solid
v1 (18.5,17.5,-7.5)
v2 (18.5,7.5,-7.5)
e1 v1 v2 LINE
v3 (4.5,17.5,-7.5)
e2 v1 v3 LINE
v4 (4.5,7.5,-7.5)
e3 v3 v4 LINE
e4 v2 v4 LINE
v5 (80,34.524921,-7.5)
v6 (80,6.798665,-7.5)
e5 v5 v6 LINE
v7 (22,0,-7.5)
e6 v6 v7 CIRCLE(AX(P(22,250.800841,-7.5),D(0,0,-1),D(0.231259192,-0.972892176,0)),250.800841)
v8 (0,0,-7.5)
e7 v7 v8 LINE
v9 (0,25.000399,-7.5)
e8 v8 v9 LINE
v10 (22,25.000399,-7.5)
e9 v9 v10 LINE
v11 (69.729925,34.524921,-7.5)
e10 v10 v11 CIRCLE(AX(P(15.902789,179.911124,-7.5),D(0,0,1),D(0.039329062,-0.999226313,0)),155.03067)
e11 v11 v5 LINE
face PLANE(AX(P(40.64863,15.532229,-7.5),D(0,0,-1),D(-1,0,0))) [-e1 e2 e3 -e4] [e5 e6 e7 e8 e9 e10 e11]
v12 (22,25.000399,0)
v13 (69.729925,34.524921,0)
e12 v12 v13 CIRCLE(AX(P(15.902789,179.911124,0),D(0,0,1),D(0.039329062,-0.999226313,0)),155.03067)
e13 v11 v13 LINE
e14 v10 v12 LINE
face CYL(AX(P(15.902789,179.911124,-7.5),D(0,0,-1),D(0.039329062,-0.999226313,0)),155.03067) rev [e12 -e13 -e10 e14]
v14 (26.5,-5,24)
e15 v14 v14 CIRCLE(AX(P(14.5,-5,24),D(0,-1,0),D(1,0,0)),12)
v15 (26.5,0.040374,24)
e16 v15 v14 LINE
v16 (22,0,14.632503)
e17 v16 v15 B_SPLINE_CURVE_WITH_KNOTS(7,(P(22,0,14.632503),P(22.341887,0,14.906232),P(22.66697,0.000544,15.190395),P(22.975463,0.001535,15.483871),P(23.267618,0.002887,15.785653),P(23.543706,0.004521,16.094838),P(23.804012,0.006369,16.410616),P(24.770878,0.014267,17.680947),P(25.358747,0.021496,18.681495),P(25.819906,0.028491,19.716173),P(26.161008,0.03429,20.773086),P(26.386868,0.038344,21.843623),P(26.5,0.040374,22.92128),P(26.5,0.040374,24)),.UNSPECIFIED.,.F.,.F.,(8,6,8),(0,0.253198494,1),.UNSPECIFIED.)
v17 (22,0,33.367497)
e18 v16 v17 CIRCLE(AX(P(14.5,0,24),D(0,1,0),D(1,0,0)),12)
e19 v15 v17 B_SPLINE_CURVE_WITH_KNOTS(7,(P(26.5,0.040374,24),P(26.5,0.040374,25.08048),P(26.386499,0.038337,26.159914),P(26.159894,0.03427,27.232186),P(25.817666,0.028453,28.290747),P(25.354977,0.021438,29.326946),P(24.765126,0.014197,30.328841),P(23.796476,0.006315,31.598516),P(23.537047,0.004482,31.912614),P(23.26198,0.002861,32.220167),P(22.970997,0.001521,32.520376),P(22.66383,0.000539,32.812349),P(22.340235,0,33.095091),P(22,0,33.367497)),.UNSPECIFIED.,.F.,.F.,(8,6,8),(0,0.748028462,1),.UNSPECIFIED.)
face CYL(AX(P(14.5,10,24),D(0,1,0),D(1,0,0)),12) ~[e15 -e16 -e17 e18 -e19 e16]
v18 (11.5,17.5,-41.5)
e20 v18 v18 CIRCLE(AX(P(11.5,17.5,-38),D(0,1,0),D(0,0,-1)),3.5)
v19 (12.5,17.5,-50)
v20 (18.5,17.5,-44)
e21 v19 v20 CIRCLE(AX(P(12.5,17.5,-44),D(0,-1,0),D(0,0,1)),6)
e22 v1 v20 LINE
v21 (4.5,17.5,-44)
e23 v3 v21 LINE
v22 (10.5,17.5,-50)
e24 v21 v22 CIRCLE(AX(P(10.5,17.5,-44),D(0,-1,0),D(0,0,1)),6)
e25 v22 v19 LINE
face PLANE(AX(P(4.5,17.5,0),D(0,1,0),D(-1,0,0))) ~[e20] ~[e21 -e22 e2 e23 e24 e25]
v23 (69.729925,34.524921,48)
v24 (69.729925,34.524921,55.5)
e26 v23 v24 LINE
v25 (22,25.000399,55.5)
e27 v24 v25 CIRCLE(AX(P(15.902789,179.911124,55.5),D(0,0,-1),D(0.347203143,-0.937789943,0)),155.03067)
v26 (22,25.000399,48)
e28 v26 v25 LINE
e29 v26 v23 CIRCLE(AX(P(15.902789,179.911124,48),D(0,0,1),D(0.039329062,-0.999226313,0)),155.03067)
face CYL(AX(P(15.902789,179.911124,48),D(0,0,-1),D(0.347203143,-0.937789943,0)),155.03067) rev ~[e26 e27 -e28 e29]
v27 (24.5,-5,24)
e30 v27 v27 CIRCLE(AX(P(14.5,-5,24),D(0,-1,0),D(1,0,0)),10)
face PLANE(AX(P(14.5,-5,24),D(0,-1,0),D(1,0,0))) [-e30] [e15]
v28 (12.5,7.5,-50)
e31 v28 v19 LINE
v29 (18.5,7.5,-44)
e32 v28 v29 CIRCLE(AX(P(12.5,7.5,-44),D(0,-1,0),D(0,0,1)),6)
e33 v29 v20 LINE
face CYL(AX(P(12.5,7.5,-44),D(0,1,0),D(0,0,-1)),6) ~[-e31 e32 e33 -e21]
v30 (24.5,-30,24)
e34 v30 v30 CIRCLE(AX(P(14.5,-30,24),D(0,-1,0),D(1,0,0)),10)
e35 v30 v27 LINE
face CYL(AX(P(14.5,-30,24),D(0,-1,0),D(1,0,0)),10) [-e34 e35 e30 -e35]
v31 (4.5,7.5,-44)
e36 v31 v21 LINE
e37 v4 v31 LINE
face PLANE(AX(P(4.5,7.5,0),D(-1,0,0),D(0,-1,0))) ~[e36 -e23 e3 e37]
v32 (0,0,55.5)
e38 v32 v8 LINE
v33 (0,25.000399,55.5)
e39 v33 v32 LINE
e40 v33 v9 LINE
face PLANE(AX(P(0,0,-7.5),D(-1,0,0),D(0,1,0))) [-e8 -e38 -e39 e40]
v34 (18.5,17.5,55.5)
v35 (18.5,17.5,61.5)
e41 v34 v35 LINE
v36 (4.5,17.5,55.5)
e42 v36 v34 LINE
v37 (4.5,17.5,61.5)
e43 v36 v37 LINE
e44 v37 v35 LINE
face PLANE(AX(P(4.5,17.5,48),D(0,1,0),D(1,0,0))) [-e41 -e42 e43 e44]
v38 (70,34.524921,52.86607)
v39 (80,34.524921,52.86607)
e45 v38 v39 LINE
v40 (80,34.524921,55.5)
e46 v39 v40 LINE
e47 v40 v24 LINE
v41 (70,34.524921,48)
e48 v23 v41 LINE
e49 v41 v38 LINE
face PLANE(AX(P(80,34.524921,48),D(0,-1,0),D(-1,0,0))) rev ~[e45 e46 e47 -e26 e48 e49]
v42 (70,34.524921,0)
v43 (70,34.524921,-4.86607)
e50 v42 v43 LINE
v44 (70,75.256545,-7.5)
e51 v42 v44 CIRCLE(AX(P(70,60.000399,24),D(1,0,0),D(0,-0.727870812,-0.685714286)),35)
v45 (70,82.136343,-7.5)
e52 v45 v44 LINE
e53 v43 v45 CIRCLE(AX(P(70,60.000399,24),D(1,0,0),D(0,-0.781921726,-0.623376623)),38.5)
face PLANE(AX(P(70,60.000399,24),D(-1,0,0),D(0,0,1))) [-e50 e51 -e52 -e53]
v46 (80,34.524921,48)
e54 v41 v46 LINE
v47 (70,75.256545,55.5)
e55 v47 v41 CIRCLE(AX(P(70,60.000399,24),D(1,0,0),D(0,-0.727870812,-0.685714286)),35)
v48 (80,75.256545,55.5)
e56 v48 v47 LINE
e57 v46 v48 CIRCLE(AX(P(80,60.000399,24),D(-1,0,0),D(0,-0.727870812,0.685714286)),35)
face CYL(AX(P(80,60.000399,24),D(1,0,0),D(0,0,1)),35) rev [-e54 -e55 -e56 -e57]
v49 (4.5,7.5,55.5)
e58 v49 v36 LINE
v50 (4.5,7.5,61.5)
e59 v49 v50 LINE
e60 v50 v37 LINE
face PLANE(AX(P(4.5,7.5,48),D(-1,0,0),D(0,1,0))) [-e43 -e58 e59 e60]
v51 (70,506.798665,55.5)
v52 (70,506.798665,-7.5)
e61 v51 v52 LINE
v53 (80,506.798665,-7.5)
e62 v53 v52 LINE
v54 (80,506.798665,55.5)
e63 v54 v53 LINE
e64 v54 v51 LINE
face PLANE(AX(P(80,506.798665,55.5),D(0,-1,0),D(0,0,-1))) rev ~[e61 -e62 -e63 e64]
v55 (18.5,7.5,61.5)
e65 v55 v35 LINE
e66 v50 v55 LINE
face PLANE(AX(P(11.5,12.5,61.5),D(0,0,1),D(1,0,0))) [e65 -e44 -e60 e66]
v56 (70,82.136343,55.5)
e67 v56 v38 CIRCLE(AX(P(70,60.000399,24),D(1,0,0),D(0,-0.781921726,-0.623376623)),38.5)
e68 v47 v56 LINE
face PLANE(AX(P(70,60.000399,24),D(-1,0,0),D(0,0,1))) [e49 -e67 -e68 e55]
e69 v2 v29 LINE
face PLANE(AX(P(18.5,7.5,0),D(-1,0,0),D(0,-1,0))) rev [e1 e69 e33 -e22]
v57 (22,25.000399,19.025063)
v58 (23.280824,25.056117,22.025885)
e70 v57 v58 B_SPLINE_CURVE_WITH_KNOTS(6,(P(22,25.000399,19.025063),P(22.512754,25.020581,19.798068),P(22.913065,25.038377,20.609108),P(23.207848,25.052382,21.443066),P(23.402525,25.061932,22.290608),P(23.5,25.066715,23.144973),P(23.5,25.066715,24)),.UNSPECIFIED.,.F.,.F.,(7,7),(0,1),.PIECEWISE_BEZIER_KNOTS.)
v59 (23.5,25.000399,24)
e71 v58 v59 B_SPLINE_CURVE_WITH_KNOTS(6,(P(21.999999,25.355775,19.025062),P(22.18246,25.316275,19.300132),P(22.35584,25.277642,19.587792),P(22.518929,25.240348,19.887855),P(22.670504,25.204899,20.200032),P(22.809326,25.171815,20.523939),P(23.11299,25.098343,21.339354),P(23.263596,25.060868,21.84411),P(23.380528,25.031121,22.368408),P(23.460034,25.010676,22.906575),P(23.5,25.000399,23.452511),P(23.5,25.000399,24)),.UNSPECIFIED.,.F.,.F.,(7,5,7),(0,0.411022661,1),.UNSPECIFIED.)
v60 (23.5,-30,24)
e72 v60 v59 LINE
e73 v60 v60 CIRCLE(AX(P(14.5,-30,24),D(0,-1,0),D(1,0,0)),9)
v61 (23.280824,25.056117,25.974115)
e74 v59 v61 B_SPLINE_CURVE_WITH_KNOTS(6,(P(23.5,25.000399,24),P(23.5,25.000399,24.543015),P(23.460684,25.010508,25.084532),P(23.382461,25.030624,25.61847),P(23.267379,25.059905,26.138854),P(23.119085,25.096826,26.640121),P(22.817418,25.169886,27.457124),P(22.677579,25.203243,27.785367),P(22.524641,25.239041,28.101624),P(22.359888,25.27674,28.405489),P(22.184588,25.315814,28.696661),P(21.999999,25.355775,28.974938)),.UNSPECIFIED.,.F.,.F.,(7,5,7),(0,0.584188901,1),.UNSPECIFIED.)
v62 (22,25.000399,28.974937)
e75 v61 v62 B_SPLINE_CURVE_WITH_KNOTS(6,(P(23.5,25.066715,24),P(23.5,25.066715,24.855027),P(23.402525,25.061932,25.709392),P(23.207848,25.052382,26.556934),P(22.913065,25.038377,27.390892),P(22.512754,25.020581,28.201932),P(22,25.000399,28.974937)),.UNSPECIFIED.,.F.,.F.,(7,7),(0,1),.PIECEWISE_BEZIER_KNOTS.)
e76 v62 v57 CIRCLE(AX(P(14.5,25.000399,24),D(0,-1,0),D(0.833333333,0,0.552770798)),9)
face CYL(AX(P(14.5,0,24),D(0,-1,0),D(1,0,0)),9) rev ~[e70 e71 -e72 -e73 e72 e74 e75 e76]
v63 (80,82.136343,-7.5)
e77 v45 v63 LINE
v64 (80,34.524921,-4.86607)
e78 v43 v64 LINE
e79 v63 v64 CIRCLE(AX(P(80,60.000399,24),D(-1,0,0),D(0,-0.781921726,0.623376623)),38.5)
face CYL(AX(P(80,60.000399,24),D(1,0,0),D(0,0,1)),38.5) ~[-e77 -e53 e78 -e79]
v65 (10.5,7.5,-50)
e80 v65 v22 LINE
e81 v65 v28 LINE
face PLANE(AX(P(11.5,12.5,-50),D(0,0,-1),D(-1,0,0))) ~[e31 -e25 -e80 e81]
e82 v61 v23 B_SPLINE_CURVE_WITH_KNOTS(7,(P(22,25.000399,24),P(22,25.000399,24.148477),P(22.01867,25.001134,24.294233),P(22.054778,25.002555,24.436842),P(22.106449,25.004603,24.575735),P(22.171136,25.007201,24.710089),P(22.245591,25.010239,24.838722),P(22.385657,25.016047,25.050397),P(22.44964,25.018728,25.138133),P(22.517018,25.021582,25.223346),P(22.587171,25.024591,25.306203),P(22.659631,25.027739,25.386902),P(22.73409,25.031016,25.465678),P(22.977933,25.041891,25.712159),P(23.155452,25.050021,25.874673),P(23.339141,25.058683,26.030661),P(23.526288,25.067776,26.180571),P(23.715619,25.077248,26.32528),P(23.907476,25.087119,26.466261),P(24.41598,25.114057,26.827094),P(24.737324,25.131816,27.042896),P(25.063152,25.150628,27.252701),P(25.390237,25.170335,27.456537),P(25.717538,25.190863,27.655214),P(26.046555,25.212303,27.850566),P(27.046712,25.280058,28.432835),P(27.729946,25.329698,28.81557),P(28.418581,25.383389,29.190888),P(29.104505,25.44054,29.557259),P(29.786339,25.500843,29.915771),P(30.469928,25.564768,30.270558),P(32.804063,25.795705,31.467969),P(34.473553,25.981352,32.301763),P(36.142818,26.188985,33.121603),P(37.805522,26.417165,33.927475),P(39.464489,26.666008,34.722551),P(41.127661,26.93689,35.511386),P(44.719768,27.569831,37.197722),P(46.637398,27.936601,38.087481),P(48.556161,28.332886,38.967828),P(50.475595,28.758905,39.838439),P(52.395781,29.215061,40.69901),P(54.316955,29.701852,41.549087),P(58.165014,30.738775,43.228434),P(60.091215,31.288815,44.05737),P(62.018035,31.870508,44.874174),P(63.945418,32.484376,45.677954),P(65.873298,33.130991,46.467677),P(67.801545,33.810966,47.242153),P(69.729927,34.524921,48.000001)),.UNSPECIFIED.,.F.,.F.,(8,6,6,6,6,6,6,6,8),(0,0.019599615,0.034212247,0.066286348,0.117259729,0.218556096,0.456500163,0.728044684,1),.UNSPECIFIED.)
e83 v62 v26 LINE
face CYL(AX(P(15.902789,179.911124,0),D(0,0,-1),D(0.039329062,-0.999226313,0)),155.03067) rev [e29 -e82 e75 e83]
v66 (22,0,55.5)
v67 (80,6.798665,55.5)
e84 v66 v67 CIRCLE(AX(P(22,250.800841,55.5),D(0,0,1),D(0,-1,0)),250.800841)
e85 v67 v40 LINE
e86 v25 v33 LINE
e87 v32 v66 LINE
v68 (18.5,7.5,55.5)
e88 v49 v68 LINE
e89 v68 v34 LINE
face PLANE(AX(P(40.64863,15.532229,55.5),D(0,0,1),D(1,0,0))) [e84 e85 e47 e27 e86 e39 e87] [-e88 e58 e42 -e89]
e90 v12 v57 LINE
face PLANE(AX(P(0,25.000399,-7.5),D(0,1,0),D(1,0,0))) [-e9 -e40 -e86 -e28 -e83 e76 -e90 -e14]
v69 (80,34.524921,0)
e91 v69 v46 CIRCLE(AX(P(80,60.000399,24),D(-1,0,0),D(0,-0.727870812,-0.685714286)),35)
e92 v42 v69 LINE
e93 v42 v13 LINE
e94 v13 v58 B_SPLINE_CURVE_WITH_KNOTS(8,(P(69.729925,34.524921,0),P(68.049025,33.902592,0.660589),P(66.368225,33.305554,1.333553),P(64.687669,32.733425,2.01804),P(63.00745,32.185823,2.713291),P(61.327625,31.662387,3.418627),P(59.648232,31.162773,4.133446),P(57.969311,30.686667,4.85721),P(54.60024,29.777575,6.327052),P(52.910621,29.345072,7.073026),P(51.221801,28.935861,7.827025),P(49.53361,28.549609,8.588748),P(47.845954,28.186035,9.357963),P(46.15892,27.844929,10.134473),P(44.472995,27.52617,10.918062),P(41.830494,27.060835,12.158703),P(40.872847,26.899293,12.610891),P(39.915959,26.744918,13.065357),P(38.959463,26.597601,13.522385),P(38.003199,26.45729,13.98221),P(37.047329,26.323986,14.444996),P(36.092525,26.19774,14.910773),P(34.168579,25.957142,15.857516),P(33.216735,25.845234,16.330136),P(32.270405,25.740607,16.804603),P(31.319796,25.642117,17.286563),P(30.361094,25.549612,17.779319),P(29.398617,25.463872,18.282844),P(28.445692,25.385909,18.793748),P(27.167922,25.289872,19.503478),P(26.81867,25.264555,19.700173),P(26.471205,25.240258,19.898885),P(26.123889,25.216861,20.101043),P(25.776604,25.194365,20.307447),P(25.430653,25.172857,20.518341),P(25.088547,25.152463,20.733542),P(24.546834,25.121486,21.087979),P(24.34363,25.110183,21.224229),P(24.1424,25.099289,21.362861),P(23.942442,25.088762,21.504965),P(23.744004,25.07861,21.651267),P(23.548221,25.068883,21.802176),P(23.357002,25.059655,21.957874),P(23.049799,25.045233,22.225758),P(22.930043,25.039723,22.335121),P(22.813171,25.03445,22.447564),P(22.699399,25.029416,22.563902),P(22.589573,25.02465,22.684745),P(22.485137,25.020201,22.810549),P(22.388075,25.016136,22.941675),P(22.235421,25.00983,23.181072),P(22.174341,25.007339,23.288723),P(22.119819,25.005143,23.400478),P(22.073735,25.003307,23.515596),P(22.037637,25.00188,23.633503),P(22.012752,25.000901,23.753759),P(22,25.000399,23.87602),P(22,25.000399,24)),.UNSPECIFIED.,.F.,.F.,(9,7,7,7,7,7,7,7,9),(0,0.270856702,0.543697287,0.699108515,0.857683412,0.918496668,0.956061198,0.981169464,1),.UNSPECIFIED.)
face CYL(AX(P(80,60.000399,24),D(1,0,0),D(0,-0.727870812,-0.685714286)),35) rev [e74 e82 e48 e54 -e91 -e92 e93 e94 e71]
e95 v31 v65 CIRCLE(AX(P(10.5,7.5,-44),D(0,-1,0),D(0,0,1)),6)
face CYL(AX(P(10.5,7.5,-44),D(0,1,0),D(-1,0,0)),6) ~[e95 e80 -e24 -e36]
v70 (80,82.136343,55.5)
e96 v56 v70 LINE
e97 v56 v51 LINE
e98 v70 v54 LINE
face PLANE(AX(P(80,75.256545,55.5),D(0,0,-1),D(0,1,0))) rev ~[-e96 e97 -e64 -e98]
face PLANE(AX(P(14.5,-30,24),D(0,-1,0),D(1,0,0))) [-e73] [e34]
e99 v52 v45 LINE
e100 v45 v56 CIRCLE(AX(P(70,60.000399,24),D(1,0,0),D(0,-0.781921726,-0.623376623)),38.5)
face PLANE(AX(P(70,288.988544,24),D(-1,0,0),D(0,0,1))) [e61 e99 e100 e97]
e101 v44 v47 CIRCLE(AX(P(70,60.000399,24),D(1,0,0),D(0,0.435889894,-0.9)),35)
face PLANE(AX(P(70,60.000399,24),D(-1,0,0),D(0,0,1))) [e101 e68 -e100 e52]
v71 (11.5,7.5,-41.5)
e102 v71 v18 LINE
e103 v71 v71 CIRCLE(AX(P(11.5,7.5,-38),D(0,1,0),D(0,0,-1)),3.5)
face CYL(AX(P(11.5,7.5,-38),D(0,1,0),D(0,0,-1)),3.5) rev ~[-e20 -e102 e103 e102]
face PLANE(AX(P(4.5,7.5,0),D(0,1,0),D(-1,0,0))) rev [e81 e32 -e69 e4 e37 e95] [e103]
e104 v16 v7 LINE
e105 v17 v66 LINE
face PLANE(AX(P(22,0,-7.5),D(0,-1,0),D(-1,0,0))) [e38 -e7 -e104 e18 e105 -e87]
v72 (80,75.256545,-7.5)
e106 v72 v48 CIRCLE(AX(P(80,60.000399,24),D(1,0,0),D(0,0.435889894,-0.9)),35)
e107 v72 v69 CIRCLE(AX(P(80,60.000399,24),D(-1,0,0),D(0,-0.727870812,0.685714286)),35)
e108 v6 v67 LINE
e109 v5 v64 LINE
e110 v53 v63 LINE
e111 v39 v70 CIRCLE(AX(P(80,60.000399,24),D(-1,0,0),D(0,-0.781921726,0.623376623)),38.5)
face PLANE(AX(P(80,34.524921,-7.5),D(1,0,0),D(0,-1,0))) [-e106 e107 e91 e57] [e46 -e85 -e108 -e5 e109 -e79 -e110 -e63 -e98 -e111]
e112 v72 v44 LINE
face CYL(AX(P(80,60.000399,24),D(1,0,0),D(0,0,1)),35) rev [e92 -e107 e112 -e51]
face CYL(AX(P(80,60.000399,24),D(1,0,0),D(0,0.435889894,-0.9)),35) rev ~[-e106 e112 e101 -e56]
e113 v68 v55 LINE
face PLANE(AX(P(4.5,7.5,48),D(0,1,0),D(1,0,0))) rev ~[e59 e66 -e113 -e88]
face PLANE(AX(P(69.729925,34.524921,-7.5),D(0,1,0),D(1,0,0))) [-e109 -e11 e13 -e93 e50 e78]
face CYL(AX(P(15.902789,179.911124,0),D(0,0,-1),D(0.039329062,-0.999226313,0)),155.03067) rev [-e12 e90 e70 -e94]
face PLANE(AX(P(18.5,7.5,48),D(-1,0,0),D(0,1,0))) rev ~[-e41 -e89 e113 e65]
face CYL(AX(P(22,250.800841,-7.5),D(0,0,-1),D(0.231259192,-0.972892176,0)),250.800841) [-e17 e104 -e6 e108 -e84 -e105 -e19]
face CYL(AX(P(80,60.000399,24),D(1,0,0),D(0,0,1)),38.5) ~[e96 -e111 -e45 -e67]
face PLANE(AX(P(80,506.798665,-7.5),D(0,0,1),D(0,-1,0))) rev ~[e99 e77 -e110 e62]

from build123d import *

# Parameters (mm, degrees)
BOSS_EXTRUDE1_DEPTH      = 48
SKETCH2_W                = 14
SKETCH2_H                = 10
BOSS_EXTRUDE2_DEPTH      = 50
FILLET1_R                = 6
SKETCH7_R                = 38.5
SKETCH7_R_2              = 35
BOSS_EXTRUDE3_DEPTH      = 10
SKETCH8_R                = 35
CUT_EXTRUDE2_DEPTH       = 90
BOSS_EXTRUDE4_DEPTH      = 5
BOSS_EXTRUDE4_DEPTH_BACK = 10
SKETCH10_R               = 12
SKETCH10_R_2             = 9
BOSS_EXTRUDE5_START      = 25
SKETCH11_R               = 10
SKETCH11_R_2             = 9
BOSS_EXTRUDE5_DEPTH      = 25
SKETCH12_R               = 9
CUT_EXTRUDE3_DEPTH       = 42
BOSS_EXTRUDE6_DEPTH      = 7.5
BOSS_EXTRUDE7_START      = 7.5
BOSS_EXTRUDE7_DEPTH      = 7.5
FILLET1_OF_MIRROR1_R     = 6
SKETCH15_W               = 14
SKETCH15_H               = 10
CUT_EXTRUDE4_DEPTH       = 101
BOSS_EXTRUDE8_DEPTH      = 10


with BuildPart() as part:
    # Sketch1 → Boss-Extrude1 (new body)
    with BuildSketch(Plane.XY):
        with BuildLine():
            Line((0, 0), (0, 25.00039893))
            Line((0, 25.00039893), (22, 25.00039893))
            ThreePointArc((22, 25.00039893), (51.667114877, 29.062120939), (80, 38.751440389))
            Line((80, 38.751440389), (80, 6.798665084))
            ThreePointArc((80, 6.798665084), (51.198552391, 1.705464917), (22, 0))
            Line((22, 0), (0, 0))
        make_face()
    extrude(amount=BOSS_EXTRUDE1_DEPTH)

    # Sketch2 → Boss-Extrude2 (add)
    with BuildSketch(Plane.XY.offset(48)):
        with Locations((11.5, 12.5)):
            Rectangle(SKETCH2_W, SKETCH2_H)
    boss_extrude2 = extrude(amount=BOSS_EXTRUDE2_DEPTH)

    # Sketch5 → M8x1.0 Tapped Hole1 (revolve, cut)
    with BuildSketch(Plane(origin=(11.5, 17.5, 86), x_dir=(0, 0, 1), z_dir=(1, 0, 0))):
        Polygon((0, 0), (0, 12.103012167), (3.5, 10), (3.5, 0), align=None)
    m8x1_0_tapped_hole1 = revolve(axis=Axis((11.5, 23.85, 86), (0, -1, 0)), mode=Mode.SUBTRACT)

    # Fillet1
    fillet1_edges = [part.edges().sort_by_distance(p)[0] for p in [
        (18.5, 12.5, 98),
        (4.5, 12.5, 98),
    ]]
    fillet(fillet1_edges, radius=FILLET1_R)

    # Sketch7 → Boss-Extrude3 (add)
    with BuildSketch(Plane.ZY.offset(-80)):
        with Locations((24, 60.00039893)):
            Circle(SKETCH7_R)
        with Locations((24, 60.00039893)):
            Circle(SKETCH7_R_2, mode=Mode.SUBTRACT)
    extrude(amount=BOSS_EXTRUDE3_DEPTH)

    # Sketch8 → Cut-Extrude2 (cut)
    with BuildSketch(Plane.ZY.offset(-80)):
        with Locations(Location((24, 60.00039893, 0), (0, 0, 226.708192407))):
            Circle(SKETCH8_R)
    extrude(amount=CUT_EXTRUDE2_DEPTH, mode=Mode.SUBTRACT)

    # Sketch10 → Boss-Extrude4 (add, two sides: drawn at the far end of the back side and taken through both)
    with BuildSketch(Plane.XZ.offset(-BOSS_EXTRUDE4_DEPTH_BACK)):
        with Locations((14.5, 24)):
            Circle(SKETCH10_R)
        with Locations((14.5, 24)):
            Circle(SKETCH10_R_2, mode=Mode.SUBTRACT)
    extrude(amount=BOSS_EXTRUDE4_DEPTH + BOSS_EXTRUDE4_DEPTH_BACK)

    # Sketch11 → Boss-Extrude5 (add)
    with BuildSketch(Plane.XZ.offset(5).offset(BOSS_EXTRUDE5_START)):
        with Locations((14.5, 24)):
            Circle(SKETCH11_R)
        with Locations((14.5, 24)):
            Circle(SKETCH11_R_2, mode=Mode.SUBTRACT)
    extrude(amount=-BOSS_EXTRUDE5_DEPTH)

    # Sketch12 → Cut-Extrude3 (cut)
    with BuildSketch(Plane(origin=(0, 0, 0), x_dir=(-1, 0, 0), z_dir=(0, -1, 0))):
        with Locations(Location((-14.5, -24, 0), (0, 0, 180))):
            Circle(SKETCH12_R)
    extrude(amount=-CUT_EXTRUDE3_DEPTH, mode=Mode.SUBTRACT)

    # Sketch13 → Boss-Extrude6 (add)
    with BuildSketch(Plane.XY.offset(48)):
        with BuildLine():
            Line((0, 25.00039893), (0, 0))
            Line((0, 0), (22, 0))
            ThreePointArc((22, 0), (51.198552391, 1.705464917), (80, 6.798665084))
            Line((80, 6.798665084), (80, 29.896412483))
            Line((80, 29.896412483), (80, 34.524920524))
            Line((80, 34.524920524), (70, 34.524920524))
            Line((70, 34.524920524), (69.729925021, 34.524920524))
            ThreePointArc((69.729925021, 34.524920524), (46.24106465, 27.877911315), (22, 25.00039893))
            Line((22, 25.00039893), (0, 25.00039893))
        make_face()
    extrude(amount=BOSS_EXTRUDE6_DEPTH)

    # Sketch14 → Boss-Extrude7 (add)
    with BuildSketch(Plane(origin=(0, 0, 0), x_dir=(-1, 0, 0), z_dir=(0, 0, -1)).offset(BOSS_EXTRUDE7_START)):
        with BuildLine():
            Line((-80, 29.896412483), (-80, 6.798665084))
            ThreePointArc((-80, 6.798665084), (-51.198552391, 1.705464917), (-22, 0))
            Line((-22, 0), (0, 0))
            Line((0, 0), (0, 25.00039893))
            Line((0, 25.00039893), (-22, 25.00039893))
            ThreePointArc((-22, 25.00039893), (-46.24106465, 27.877911315), (-69.729925021, 34.524920524))
            Line((-69.729925021, 34.524920524), (-70, 34.524920524))
            Line((-70, 34.524920524), (-80, 34.524920524))
            Line((-80, 34.524920524), (-80, 29.896412483))
        make_face()
    extrude(amount=-BOSS_EXTRUDE7_DEPTH)

    # Mirror1: Boss-Extrude2, M8x1.0 Tapped Hole1 across plane
    add(boss_extrude2.mirror(Plane.XY.offset(24)))
    add(m8x1_0_tapped_hole1.mirror(Plane.XY.offset(24)), mode=Mode.SUBTRACT)

    # Fillet1 of Mirror1
    fillet1_of_mirror1_edges = [part.edges().sort_by_distance(p)[0] for p in [
        (18.5, 12.5, -50),
        (4.5, 12.5, -50),
    ]]
    fillet(fillet1_of_mirror1_edges, radius=FILLET1_OF_MIRROR1_R)

    # Sketch15 → Cut-Extrude4 (cut)
    with BuildSketch(Plane.XY.offset(61.5)):
        with Locations((11.5, 12.5)):
            Rectangle(SKETCH15_W, SKETCH15_H)
    extrude(amount=CUT_EXTRUDE4_DEPTH, mode=Mode.SUBTRACT)

    # Sketch16 → Boss-Extrude8 (add)
    with BuildSketch(Plane(origin=(80, 0, 0), x_dir=(0, 0, -1), z_dir=(1, 0, 0))):
        with BuildLine():
            Line((-55.5, 75.256545232), (-55.5, 506.798665084))
            Line((-55.5, 506.798665084), (7.5, 506.798665084))
            Line((7.5, 506.798665084), (7.5, 75.256545232))
            ThreePointArc((7.5, 75.256545232), (-24, 95.00039893), (-55.5, 75.256545232))
        make_face()
    extrude(amount=-BOSS_EXTRUDE8_DEPTH)


solid = part.part
